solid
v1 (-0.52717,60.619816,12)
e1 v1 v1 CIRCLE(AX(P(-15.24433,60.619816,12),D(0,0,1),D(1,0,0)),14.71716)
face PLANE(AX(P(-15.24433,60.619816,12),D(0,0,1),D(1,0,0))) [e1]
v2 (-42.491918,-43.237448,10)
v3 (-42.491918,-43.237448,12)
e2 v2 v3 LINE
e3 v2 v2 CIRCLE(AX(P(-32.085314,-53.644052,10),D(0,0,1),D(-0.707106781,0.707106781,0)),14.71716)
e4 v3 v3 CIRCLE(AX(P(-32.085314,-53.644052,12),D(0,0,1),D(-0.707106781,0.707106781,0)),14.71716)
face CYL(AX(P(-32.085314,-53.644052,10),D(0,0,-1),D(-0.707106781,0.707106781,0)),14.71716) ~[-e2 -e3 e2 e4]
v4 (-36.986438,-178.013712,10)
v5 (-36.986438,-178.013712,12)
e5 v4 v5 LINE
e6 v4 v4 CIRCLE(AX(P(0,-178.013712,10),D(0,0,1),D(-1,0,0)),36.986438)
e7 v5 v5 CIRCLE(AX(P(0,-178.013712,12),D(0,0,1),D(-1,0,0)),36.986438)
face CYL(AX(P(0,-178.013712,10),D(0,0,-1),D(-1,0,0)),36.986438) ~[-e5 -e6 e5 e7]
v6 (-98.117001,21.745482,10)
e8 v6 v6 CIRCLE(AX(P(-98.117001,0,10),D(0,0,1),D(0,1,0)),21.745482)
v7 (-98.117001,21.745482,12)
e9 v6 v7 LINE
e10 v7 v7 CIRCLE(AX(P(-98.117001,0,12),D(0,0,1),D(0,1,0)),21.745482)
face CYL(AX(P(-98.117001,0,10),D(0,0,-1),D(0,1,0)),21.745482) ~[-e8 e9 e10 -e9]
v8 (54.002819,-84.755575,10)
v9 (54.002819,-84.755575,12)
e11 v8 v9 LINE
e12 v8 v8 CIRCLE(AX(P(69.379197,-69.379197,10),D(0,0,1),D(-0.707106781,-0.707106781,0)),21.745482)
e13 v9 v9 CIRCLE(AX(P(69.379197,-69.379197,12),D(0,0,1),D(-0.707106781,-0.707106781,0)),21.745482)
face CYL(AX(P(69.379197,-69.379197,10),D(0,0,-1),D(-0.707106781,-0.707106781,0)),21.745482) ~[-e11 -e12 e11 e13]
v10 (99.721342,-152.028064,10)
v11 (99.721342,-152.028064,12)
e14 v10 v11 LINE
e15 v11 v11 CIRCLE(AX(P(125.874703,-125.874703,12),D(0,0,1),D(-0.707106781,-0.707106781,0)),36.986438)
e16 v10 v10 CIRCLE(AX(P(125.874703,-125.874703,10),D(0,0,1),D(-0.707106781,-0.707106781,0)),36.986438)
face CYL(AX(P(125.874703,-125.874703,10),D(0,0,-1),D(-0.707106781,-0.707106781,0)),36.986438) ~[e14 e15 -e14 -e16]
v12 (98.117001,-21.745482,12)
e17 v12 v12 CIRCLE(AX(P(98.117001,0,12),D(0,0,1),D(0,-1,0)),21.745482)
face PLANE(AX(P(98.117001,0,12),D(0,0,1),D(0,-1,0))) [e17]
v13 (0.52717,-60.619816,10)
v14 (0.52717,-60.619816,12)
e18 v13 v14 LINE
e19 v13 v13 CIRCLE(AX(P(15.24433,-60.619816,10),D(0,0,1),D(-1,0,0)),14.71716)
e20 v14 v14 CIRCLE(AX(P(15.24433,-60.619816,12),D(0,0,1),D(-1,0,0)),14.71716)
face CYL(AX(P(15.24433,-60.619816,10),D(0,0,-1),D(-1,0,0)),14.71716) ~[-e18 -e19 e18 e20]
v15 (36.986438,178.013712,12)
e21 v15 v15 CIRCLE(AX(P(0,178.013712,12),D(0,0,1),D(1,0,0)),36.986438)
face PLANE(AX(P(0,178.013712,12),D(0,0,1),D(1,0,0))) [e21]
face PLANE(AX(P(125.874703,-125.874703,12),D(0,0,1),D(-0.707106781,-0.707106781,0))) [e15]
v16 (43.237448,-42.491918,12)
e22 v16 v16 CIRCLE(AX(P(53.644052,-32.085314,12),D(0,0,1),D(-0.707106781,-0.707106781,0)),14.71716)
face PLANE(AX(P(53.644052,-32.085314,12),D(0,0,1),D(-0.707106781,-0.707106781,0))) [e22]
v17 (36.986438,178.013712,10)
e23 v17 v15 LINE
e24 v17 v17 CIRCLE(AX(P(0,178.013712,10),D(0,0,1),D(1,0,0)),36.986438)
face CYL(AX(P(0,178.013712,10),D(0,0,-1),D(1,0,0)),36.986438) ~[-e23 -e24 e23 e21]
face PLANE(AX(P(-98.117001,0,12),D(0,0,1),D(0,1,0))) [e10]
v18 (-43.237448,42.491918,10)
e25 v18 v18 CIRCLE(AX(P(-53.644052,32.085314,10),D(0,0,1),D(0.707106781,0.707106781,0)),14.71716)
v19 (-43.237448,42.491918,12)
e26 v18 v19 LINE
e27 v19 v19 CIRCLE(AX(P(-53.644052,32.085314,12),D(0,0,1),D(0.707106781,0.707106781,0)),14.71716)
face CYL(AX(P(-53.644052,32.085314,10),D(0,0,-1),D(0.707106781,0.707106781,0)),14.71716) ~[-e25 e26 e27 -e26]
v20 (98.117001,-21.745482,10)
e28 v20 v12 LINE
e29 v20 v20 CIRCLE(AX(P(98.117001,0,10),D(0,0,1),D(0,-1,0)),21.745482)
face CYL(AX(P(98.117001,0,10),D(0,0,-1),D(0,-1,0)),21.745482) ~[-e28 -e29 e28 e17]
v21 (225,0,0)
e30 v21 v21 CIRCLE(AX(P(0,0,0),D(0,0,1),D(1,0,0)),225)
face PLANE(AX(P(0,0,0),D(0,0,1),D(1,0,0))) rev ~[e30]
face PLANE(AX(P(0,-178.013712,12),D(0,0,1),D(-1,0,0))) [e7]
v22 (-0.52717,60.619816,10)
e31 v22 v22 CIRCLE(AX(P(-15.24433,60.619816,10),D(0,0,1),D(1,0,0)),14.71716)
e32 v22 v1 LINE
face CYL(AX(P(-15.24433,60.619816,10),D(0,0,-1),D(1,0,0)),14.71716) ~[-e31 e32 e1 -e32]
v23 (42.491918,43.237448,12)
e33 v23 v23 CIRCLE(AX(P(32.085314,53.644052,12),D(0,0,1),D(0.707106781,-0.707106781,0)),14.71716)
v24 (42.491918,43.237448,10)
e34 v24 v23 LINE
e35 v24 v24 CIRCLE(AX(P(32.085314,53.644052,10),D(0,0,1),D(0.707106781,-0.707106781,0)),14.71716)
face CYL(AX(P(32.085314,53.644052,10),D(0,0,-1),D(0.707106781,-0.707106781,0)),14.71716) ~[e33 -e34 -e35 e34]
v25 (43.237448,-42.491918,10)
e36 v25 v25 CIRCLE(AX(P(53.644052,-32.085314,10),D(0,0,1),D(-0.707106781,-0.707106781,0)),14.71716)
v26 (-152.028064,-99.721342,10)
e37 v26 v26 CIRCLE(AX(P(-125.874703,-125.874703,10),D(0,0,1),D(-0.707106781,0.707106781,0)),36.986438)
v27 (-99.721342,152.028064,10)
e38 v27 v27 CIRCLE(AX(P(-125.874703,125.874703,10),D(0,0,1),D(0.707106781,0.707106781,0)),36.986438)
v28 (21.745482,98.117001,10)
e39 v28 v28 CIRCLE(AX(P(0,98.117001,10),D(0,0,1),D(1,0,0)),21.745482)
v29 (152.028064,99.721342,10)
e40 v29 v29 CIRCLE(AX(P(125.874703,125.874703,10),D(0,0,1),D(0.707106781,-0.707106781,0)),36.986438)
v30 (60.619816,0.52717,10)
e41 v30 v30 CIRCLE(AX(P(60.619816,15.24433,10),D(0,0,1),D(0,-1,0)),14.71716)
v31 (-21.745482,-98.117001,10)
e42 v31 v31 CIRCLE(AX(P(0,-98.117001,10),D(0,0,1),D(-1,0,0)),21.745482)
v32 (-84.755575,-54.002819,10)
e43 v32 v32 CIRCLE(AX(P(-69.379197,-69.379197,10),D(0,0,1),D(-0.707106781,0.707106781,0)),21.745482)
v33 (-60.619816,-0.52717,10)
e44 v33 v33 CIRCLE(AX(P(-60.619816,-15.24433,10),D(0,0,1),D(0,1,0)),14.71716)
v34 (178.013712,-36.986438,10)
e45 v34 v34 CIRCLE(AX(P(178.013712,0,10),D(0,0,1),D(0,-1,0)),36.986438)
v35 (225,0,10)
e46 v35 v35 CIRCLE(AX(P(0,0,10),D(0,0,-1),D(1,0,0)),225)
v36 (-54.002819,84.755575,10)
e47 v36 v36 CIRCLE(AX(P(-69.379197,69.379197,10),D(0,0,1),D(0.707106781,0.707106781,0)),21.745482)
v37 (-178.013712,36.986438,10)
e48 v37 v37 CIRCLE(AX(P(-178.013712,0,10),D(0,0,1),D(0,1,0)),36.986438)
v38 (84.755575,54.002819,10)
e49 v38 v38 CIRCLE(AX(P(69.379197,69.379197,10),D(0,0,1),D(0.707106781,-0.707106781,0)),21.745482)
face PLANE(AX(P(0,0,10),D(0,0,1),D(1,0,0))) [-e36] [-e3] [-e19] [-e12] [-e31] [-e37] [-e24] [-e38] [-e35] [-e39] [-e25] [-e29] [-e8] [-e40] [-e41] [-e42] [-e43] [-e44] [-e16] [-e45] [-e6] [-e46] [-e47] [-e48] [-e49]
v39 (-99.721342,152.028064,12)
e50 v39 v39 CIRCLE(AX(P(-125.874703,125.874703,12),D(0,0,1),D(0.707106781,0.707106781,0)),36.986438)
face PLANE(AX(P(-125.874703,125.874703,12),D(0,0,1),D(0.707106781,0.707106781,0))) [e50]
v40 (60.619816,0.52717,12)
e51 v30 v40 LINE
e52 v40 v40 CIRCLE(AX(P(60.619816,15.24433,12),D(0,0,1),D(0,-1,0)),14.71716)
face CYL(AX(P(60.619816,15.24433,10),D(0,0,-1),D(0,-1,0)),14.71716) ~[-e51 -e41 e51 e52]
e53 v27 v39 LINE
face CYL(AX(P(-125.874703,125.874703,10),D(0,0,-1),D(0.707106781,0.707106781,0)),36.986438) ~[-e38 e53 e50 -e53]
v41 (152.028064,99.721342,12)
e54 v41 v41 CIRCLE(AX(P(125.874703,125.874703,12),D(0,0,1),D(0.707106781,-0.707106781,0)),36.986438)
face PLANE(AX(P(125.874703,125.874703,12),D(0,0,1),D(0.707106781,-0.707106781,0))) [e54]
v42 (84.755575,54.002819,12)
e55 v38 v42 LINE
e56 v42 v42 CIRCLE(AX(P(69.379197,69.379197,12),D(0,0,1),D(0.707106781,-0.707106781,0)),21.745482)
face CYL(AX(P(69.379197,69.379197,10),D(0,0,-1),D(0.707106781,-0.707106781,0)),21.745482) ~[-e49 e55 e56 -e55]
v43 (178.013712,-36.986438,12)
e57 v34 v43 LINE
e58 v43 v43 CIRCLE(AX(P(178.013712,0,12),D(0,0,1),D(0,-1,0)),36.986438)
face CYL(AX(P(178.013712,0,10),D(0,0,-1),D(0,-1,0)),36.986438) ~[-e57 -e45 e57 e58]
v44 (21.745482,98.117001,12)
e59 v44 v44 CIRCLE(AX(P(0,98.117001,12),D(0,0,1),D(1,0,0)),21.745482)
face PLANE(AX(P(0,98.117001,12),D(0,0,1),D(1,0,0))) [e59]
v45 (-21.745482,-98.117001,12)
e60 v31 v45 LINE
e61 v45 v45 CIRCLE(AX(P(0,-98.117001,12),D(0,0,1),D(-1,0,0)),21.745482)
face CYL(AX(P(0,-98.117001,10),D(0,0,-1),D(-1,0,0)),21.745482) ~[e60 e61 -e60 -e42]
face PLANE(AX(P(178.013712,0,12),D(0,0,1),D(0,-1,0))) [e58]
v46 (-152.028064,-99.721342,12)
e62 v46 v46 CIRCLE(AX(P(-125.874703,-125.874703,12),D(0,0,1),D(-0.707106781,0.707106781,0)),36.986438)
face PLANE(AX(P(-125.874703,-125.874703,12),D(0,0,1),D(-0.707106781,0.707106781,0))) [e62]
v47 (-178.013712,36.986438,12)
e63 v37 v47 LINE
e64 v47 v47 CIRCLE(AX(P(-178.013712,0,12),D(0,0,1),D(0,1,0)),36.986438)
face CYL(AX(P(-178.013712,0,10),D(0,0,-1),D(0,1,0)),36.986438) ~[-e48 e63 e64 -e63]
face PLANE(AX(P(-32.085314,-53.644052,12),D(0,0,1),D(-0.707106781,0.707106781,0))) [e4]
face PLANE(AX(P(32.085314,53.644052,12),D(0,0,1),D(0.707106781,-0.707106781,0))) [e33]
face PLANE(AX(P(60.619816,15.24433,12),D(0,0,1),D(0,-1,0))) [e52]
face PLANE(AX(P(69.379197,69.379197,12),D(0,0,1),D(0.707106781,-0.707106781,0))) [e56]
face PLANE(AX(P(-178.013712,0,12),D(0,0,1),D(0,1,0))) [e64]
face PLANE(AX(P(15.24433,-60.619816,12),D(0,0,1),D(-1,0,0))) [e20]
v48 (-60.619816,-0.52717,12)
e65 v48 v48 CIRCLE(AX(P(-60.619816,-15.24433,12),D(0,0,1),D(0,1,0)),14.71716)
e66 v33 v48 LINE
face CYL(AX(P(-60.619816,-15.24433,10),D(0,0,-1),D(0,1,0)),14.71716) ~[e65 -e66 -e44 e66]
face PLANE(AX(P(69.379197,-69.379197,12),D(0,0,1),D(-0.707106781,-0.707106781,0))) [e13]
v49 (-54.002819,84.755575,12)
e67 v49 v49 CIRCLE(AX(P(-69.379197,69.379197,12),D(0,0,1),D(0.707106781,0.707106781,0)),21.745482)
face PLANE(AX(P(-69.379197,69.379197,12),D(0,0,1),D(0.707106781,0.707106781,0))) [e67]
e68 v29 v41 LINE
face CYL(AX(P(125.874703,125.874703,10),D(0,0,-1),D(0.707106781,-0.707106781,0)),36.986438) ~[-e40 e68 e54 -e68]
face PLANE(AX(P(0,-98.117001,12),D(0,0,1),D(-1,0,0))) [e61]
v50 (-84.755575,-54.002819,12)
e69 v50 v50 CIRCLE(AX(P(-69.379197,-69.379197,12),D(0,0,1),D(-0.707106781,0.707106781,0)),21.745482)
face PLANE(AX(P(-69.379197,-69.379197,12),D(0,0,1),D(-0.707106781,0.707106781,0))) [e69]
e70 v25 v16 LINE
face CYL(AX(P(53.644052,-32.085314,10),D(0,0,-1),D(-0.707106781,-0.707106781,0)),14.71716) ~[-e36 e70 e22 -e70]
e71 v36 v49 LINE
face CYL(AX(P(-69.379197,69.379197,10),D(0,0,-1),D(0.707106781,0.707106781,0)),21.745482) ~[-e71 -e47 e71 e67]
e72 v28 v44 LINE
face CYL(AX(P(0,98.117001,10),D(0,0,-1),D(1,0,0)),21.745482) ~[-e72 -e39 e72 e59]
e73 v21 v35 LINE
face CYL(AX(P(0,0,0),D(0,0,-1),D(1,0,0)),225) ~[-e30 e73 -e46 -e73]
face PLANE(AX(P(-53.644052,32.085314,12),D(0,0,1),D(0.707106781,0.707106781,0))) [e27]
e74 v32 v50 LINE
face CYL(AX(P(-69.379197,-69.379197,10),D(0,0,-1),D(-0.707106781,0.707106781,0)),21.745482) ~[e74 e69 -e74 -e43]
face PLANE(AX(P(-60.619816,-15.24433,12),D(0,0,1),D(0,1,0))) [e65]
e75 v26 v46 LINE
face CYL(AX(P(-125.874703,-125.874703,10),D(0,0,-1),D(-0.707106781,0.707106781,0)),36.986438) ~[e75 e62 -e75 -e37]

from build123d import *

# Parameters (mm, degrees)
F0_R     = 225
F1_DEPTH = 10
F2_R     = 36.9864384412
F2_R_2   = 21.7454824125
F2_R_3   = 14.7171600395
F3_DEPTH = 2
F5_COUNT = 8


with BuildPart() as f1:
    # F0 (on Top) → F1 (new body)
    with BuildSketch(Plane.XY):
        Circle(F0_R)
    extrude(amount=F1_DEPTH)

    # F2 (on face) → F3 (join)
    with BuildSketch(Plane.XY.offset(10)):
        with Locations((0, 178.0137121677)):
            Circle(F2_R)
        with Locations((0, 98.1170013547)):
            Circle(F2_R_2)
        with Locations((-15.2443298139, 60.619816184)):
            Circle(F2_R_3)
    extrude(amount=F3_DEPTH)

    # F5: F1 ×8 about axis
    f5_axis = Axis((0, 0, 41.8870747089), (0, 0, 1))


with BuildPart() as f1_1:
    add(f1.part)
    for i in range(1, F5_COUNT):
        add(f1.part.rotate(f5_axis, i * 360 / F5_COUNT))


solid = f1_1.part
